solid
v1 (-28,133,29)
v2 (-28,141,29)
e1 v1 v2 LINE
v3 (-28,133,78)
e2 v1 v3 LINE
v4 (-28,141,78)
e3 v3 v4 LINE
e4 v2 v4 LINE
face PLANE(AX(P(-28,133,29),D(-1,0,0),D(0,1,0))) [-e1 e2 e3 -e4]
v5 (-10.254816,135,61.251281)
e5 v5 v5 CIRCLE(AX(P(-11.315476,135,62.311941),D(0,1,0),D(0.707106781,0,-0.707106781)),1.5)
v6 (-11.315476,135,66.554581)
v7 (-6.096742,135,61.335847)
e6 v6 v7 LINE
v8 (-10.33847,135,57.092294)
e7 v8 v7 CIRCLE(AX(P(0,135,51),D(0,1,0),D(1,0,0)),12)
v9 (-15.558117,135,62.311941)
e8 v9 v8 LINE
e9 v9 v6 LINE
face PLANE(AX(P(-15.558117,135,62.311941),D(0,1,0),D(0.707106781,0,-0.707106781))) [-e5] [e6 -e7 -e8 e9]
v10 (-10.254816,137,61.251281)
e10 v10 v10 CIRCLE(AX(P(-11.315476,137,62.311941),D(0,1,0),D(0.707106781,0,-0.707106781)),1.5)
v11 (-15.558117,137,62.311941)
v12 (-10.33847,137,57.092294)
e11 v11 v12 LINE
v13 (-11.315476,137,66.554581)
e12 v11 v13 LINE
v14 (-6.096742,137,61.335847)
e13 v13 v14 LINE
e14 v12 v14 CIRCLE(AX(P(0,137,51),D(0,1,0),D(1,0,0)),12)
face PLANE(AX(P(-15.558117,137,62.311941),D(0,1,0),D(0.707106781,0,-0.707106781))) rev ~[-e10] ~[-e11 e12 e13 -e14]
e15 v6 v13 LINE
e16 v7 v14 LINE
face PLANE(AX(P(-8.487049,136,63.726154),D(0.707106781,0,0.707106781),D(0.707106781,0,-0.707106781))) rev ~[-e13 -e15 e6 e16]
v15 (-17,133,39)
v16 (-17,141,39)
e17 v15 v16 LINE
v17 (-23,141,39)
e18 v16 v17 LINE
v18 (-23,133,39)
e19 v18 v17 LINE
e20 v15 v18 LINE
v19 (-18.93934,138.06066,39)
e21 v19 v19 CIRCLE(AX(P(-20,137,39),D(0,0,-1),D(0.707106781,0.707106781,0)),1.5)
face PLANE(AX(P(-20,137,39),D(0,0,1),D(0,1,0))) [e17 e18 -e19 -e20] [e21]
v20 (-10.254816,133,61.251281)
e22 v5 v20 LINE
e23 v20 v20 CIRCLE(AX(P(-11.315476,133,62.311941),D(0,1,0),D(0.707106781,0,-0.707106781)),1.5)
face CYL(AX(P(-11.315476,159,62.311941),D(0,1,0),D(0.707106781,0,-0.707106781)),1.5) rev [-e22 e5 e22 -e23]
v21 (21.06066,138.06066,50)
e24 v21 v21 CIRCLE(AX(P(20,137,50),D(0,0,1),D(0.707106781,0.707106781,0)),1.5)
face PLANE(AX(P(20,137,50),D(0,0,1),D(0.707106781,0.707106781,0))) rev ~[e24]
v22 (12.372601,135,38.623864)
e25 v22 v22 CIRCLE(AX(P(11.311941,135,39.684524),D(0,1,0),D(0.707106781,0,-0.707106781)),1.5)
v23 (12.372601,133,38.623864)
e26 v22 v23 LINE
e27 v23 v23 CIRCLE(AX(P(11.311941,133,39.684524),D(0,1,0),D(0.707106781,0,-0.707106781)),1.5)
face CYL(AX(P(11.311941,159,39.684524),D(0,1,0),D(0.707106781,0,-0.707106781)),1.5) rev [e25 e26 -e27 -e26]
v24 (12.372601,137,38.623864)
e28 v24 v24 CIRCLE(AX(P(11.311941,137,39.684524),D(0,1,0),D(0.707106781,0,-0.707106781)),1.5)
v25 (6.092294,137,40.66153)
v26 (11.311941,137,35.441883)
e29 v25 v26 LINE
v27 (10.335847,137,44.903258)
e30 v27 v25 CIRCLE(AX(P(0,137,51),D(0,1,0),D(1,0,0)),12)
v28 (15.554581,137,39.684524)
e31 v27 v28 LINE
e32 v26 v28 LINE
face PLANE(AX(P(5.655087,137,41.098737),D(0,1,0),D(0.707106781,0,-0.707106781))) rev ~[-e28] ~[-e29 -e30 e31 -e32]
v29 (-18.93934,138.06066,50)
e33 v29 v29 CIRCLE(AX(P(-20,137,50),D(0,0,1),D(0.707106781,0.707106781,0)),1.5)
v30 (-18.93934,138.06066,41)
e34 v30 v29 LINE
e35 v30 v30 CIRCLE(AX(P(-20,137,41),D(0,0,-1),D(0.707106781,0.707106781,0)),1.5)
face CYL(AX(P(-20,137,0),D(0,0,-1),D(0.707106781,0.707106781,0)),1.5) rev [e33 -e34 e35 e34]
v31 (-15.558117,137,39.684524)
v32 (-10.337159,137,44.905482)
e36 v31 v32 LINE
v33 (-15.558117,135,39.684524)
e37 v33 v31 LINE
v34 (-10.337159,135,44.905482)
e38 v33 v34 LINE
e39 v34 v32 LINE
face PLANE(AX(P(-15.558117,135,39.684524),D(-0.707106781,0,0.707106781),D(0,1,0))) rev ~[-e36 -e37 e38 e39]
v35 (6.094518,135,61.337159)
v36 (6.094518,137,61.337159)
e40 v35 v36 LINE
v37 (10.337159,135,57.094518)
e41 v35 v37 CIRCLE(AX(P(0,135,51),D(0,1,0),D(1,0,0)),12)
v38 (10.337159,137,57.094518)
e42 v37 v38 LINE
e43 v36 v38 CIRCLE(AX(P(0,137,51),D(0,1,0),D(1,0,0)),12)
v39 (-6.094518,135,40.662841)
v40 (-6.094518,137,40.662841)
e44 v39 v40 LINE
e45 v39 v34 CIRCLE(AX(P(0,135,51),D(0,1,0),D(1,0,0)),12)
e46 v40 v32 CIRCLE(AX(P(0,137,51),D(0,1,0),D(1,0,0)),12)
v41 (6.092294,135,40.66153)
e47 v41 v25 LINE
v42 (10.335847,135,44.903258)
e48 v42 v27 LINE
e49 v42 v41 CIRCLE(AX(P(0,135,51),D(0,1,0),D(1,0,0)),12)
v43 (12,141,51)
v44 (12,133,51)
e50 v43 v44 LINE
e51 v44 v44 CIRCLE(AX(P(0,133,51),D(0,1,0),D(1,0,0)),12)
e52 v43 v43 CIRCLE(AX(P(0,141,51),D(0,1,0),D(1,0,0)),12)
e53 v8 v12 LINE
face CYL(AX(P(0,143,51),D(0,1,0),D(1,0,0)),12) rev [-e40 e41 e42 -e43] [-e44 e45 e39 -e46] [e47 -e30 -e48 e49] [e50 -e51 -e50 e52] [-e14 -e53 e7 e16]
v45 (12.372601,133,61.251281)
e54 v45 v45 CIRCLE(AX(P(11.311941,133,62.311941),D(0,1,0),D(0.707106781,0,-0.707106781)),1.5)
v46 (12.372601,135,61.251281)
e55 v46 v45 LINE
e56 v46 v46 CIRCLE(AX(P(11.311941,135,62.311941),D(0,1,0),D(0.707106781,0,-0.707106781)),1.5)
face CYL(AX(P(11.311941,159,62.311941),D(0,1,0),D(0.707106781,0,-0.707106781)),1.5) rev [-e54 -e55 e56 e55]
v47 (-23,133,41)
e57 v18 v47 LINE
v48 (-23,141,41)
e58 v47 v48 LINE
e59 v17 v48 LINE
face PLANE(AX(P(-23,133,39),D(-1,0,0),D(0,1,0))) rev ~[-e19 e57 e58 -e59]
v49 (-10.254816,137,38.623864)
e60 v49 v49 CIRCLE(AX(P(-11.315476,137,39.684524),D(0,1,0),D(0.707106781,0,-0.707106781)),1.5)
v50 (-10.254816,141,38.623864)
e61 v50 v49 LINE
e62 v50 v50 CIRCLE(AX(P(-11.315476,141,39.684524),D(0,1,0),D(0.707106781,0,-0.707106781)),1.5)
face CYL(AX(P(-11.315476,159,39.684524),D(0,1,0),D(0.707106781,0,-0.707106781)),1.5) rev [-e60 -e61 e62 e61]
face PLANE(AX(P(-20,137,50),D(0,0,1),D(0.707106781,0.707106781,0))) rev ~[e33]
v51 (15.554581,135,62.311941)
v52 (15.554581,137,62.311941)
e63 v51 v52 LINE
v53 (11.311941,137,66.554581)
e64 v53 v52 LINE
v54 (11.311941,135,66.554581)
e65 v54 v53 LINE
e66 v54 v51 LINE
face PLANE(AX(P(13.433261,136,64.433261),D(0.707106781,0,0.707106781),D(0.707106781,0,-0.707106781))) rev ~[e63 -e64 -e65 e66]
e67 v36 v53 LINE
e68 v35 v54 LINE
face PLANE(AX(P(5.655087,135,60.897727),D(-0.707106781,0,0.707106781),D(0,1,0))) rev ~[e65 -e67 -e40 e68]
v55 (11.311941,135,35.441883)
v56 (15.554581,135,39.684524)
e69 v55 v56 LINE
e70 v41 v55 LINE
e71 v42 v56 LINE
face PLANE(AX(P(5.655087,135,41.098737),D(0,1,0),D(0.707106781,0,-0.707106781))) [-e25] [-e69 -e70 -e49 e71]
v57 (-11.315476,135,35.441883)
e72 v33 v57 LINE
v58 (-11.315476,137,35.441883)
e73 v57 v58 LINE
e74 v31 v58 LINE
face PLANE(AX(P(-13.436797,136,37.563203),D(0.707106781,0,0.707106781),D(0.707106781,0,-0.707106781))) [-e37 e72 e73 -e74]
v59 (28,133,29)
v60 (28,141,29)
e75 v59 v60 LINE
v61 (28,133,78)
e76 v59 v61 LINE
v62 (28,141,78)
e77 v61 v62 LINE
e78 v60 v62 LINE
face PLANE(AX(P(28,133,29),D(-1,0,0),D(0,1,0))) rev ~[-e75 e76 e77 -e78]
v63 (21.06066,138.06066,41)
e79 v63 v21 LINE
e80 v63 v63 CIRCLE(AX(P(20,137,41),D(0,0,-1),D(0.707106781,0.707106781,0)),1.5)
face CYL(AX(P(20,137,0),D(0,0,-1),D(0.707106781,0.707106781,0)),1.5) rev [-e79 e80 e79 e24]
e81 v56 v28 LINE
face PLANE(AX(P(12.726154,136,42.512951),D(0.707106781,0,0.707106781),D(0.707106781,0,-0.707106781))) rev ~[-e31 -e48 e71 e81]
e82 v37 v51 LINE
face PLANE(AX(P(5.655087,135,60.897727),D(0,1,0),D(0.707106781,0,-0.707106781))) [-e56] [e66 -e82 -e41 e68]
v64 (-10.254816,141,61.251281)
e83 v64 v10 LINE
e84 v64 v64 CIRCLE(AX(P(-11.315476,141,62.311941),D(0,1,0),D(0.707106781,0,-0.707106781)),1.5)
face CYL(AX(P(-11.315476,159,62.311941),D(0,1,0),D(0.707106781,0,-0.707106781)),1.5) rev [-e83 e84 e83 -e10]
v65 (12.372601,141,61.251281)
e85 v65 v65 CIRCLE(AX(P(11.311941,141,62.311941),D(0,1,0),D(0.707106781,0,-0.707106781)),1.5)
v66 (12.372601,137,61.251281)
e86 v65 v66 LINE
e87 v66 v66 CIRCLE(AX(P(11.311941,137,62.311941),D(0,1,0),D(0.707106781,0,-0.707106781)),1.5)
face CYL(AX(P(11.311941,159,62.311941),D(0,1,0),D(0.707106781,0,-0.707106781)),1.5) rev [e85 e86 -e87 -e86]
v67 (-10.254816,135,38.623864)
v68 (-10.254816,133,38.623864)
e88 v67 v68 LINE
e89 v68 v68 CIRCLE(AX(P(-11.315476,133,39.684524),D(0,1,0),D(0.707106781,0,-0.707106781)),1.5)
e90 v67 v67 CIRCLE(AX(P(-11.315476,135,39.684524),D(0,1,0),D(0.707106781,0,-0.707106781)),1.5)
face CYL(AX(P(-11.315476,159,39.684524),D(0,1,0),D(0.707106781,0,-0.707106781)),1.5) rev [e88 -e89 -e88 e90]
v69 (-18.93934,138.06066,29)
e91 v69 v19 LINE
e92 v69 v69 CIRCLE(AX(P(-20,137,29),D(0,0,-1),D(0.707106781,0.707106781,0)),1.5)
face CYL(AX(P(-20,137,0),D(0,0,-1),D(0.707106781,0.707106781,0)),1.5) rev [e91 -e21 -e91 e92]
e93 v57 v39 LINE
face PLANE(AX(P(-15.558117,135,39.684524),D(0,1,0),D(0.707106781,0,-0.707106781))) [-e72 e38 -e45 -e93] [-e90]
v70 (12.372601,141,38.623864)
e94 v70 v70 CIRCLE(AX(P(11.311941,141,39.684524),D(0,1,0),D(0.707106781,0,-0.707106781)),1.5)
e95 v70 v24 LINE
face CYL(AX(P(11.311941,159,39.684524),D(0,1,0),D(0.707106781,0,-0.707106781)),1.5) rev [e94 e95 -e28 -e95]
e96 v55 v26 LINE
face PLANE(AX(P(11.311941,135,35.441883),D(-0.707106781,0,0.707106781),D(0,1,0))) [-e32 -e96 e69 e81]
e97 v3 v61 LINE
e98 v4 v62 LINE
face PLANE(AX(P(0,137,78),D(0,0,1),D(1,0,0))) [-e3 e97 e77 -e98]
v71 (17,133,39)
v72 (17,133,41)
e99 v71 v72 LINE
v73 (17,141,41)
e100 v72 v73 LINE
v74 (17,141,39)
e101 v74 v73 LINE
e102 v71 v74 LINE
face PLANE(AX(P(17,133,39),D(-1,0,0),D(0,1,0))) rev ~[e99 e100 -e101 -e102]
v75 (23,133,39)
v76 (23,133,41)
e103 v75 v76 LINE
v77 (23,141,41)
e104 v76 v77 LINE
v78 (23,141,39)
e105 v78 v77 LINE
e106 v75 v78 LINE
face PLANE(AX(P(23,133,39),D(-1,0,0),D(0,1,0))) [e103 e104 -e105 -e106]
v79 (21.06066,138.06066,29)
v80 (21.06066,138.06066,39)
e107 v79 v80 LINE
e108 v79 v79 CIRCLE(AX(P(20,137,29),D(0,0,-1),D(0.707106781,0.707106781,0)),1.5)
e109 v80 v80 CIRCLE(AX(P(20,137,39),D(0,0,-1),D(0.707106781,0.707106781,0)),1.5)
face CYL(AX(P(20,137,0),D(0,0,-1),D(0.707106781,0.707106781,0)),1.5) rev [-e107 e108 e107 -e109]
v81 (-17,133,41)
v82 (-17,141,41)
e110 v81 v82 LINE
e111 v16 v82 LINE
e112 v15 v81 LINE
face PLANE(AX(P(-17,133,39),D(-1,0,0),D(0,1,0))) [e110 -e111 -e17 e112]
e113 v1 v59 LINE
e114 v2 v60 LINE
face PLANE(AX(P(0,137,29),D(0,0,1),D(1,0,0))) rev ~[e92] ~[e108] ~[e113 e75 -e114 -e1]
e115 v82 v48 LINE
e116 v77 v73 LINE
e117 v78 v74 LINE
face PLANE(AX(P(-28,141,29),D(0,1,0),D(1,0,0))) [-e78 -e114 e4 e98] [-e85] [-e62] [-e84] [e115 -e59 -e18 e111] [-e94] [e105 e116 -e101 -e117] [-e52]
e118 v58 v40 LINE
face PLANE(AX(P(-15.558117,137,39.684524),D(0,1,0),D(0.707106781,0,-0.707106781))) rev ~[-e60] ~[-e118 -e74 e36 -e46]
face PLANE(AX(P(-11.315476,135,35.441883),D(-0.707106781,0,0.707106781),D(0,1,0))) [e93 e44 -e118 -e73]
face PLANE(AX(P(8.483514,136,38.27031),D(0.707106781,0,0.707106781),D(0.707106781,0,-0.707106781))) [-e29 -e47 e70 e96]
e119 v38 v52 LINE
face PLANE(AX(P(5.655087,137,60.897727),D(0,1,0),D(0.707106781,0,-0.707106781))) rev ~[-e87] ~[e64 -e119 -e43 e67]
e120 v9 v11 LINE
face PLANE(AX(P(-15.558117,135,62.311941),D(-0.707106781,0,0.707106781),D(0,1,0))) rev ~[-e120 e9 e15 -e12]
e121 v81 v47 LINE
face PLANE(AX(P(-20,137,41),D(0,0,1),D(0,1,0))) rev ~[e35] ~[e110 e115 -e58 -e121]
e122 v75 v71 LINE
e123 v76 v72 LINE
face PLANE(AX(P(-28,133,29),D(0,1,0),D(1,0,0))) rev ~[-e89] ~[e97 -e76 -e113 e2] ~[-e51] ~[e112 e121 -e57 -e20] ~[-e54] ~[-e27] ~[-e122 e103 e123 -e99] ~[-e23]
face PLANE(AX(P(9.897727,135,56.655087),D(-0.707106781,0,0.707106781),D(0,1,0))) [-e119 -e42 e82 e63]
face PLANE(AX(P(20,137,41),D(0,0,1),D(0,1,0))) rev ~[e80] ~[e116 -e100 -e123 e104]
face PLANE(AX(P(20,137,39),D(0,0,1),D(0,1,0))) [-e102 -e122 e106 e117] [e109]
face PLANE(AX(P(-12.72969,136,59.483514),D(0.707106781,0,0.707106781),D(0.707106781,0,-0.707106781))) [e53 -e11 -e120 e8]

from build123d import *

# Parameters (mm, degrees)
BOX775_W                     = 8
BOX775_H                     = 6
BOX775_DEPTH                 = 2
BOX776_W                     = 8
BOX776_H                     = 6
BOX776_DEPTH                 = 2
CYLINDER1869_R               = 1.5
CYLINDER1869_DEPTH           = 50
CYLINDER1869_PLACEMENT_ANGLE = 45
CYLINDER1870_R               = 1.5
CYLINDER1870_DEPTH           = 50
CYLINDER1870_PLACEMENT_ANGLE = 45
BOX770_W                     = 6
BOX770_H                     = 2
BOX770_DEPTH                 = 8
BOX766_W                     = 8
BOX766_H                     = 2
BOX766_DEPTH                 = 6
BOX768_W                     = 8
BOX768_H                     = 2
BOX768_DEPTH                 = 6
BOX769_W                     = 6
BOX769_H                     = 2
BOX769_DEPTH                 = 8
COMPOUND924_PLACEMENT_ANGLE  = 45
CYLINDER1846_R               = 12
CYLINDER1846_DEPTH           = 20
CYLINDER1848_R               = 1.5
CYLINDER1848_DEPTH           = 40
CYLINDER1850_R               = 1.5
CYLINDER1850_DEPTH           = 40
CYLINDER1849_R               = 1.5
CYLINDER1849_DEPTH           = 40
CYLINDER1847_R               = 1.5
CYLINDER1847_DEPTH           = 40
COMPOUND925_PLACEMENT_ANGLE  = 45
BOX767_W                     = 56
BOX767_H                     = 8
BOX767_DEPTH                 = 49


with BuildPart() as krychle775:
    # Box775 → Box775 (new body)
    with BuildSketch(Plane(origin=(-17, 114, 39), x_dir=(0, 1, 0), z_dir=(0, 0, 1))):
        with Locations((4, 3)):
            Rectangle(BOX775_W, BOX775_H)
    extrude(amount=BOX775_DEPTH)


with BuildPart() as compound934:
    # Box776 → Box776 (new body)
    with BuildSketch(Plane(origin=(23, 114, 39), x_dir=(0, 1, 0), z_dir=(0, 0, 1))):
        with Locations((4, 3)):
            Rectangle(BOX776_W, BOX776_H)
    extrude(amount=BOX776_DEPTH)

    # Compound934: union Krychle775
    add(krychle775.part)


with BuildPart() as compound934_1:
    # Compound934 placement: moved
    add(compound934.part.moved(Location((0, 18, 0))))


with BuildPart() as v_lec1869:
    # Cylinder1869 → Cylinder1869 (new body)
    with BuildSketch(Plane.XY):
        Circle(CYLINDER1869_R)
    extrude(amount=CYLINDER1869_DEPTH)


with BuildPart() as v_lec1869_1:
    # Cylinder1869 placement: moved
    add(v_lec1869.part.moved(Location((20, 118, 0))).rotate(Axis((20, 118, 0), (0, 0, 1)), CYLINDER1869_PLACEMENT_ANGLE))


with BuildPart() as compound935:
    # Cylinder1870 → Cylinder1870 (new body)
    with BuildSketch(Plane.XY):
        Circle(CYLINDER1870_R)
    extrude(amount=CYLINDER1870_DEPTH)


with BuildPart() as compound935_1:
    # Cylinder1870 placement: moved
    add(compound935.part.moved(Location((-20, 118, 0))).rotate(Axis((-20, 118, 0), (0, 0, 1)), CYLINDER1870_PLACEMENT_ANGLE))

    # Compound935: union Válec1869
    add(v_lec1869_1.part)


with BuildPart() as compound935_2:
    # Compound935 placement: moved
    add(compound935_1.part.moved(Location((0, 18, 0))))


with BuildPart() as krychle770:
    # Box770 → Box770 (new body)
    with BuildSketch(Plane(origin=(-3, 116, 30), x_dir=(1, 0, 0), z_dir=(0, 0, 1))):
        with Locations((3, 1)):
            Rectangle(BOX770_W, BOX770_H)
    extrude(amount=BOX770_DEPTH)


with BuildPart() as krychle766:
    # Box766 → Box766 (new body)
    with BuildSketch(Plane(origin=(-19, 116, 46), x_dir=(1, 0, 0), z_dir=(0, 0, 1))):
        with Locations((4, 1)):
            Rectangle(BOX766_W, BOX766_H)
    extrude(amount=BOX766_DEPTH)


with BuildPart() as krychle768:
    # Box768 → Box768 (new body)
    with BuildSketch(Plane(origin=(11, 116, 46), x_dir=(1, 0, 0), z_dir=(0, 0, 1))):
        with Locations((4, 1)):
            Rectangle(BOX768_W, BOX768_H)
    extrude(amount=BOX768_DEPTH)


with BuildPart() as compound924:
    # Box769 → Box769 (new body)
    with BuildSketch(Plane(origin=(-3, 116, 60), x_dir=(1, 0, 0), z_dir=(0, 0, 1))):
        with Locations((3, 1)):
            Rectangle(BOX769_W, BOX769_H)
    extrude(amount=BOX769_DEPTH)

    # Compound924: union Krychle770, Krychle766, Krychle768
    add(krychle770.part)
    add(krychle766.part)
    add(krychle768.part)


with BuildPart() as compound924_1:
    # Compound924 placement: moved
    add(compound924.part.moved(Location((-34.65, 0, 16.35))).rotate(Axis((-34.65, 0, 16.35), (0, 1, 0)), COMPOUND924_PLACEMENT_ANGLE))


with BuildPart() as v_lec1846:
    # Cylinder1846 → Cylinder1846 (new body)
    with BuildSketch(Plane(origin=(0, 124, 51), x_dir=(1, 0, 0), z_dir=(0, -1, 0))):
        Circle(CYLINDER1846_R)
    extrude(amount=CYLINDER1846_DEPTH)


with BuildPart() as v_lec1848:
    # Cylinder1848 → Cylinder1848 (new body)
    with BuildSketch(Plane(origin=(16, 140, 49), x_dir=(1, 0, 0), z_dir=(0, -1, 0))):
        Circle(CYLINDER1848_R)
    extrude(amount=CYLINDER1848_DEPTH)


with BuildPart() as v_lec1850:
    # Cylinder1850 → Cylinder1850 (new body)
    with BuildSketch(Plane(origin=(-16, 140, 49), x_dir=(1, 0, 0), z_dir=(0, -1, 0))):
        Circle(CYLINDER1850_R)
    extrude(amount=CYLINDER1850_DEPTH)


with BuildPart() as v_lec1849:
    # Cylinder1849 → Cylinder1849 (new body)
    with BuildSketch(Plane(origin=(0, 140, 33), x_dir=(1, 0, 0), z_dir=(0, -1, 0))):
        Circle(CYLINDER1849_R)
    extrude(amount=CYLINDER1849_DEPTH)


with BuildPart() as compound925:
    # Cylinder1847 → Cylinder1847 (new body)
    with BuildSketch(Plane(origin=(0, 140, 65), x_dir=(1, 0, 0), z_dir=(0, -1, 0))):
        Circle(CYLINDER1847_R)
    extrude(amount=CYLINDER1847_DEPTH)

    # Compound925: union Válec1848, Válec1850, Válec1849
    add(v_lec1848.part)
    add(v_lec1850.part)
    add(v_lec1849.part)


with BuildPart() as compound925_1:
    # Compound925 placement: moved
    add(compound925.part.moved(Location((-34.65, 0, 16.35))).rotate(Axis((-34.65, 0, 16.35), (0, 1, 0)), COMPOUND925_PLACEMENT_ANGLE))


with BuildPart() as cut583:
    # Box767 → Box767 (new body)
    with BuildSketch(Plane(origin=(-28, 114, 29), x_dir=(1, 0, 0), z_dir=(0, 0, 1))):
        with Locations((28, 4)):
            Rectangle(BOX767_W, BOX767_H)
    extrude(amount=BOX767_DEPTH)

    # Cut571: cut Compound925
    add(compound925_1.part, mode=Mode.SUBTRACT)

    # Cut573: cut Válec1846
    add(v_lec1846.part, mode=Mode.SUBTRACT)

    # Cut572: cut Compound924
    add(compound924_1.part, mode=Mode.SUBTRACT)


with BuildPart() as cut583_1:
    # Cut572 placement: moved
    add(cut583.part.moved(Location((0, 18, 0))))

    # Cut582: cut Compound935
    add(compound935_2.part, mode=Mode.SUBTRACT)

    # Cut583: cut Compound934
    add(compound934_1.part, mode=Mode.SUBTRACT)


with BuildPart() as cut583_2:
    # Cut583 placement: moved
    add(cut583_1.part.moved(Location((0, 1, 0))))


solid = cut583_2.part
